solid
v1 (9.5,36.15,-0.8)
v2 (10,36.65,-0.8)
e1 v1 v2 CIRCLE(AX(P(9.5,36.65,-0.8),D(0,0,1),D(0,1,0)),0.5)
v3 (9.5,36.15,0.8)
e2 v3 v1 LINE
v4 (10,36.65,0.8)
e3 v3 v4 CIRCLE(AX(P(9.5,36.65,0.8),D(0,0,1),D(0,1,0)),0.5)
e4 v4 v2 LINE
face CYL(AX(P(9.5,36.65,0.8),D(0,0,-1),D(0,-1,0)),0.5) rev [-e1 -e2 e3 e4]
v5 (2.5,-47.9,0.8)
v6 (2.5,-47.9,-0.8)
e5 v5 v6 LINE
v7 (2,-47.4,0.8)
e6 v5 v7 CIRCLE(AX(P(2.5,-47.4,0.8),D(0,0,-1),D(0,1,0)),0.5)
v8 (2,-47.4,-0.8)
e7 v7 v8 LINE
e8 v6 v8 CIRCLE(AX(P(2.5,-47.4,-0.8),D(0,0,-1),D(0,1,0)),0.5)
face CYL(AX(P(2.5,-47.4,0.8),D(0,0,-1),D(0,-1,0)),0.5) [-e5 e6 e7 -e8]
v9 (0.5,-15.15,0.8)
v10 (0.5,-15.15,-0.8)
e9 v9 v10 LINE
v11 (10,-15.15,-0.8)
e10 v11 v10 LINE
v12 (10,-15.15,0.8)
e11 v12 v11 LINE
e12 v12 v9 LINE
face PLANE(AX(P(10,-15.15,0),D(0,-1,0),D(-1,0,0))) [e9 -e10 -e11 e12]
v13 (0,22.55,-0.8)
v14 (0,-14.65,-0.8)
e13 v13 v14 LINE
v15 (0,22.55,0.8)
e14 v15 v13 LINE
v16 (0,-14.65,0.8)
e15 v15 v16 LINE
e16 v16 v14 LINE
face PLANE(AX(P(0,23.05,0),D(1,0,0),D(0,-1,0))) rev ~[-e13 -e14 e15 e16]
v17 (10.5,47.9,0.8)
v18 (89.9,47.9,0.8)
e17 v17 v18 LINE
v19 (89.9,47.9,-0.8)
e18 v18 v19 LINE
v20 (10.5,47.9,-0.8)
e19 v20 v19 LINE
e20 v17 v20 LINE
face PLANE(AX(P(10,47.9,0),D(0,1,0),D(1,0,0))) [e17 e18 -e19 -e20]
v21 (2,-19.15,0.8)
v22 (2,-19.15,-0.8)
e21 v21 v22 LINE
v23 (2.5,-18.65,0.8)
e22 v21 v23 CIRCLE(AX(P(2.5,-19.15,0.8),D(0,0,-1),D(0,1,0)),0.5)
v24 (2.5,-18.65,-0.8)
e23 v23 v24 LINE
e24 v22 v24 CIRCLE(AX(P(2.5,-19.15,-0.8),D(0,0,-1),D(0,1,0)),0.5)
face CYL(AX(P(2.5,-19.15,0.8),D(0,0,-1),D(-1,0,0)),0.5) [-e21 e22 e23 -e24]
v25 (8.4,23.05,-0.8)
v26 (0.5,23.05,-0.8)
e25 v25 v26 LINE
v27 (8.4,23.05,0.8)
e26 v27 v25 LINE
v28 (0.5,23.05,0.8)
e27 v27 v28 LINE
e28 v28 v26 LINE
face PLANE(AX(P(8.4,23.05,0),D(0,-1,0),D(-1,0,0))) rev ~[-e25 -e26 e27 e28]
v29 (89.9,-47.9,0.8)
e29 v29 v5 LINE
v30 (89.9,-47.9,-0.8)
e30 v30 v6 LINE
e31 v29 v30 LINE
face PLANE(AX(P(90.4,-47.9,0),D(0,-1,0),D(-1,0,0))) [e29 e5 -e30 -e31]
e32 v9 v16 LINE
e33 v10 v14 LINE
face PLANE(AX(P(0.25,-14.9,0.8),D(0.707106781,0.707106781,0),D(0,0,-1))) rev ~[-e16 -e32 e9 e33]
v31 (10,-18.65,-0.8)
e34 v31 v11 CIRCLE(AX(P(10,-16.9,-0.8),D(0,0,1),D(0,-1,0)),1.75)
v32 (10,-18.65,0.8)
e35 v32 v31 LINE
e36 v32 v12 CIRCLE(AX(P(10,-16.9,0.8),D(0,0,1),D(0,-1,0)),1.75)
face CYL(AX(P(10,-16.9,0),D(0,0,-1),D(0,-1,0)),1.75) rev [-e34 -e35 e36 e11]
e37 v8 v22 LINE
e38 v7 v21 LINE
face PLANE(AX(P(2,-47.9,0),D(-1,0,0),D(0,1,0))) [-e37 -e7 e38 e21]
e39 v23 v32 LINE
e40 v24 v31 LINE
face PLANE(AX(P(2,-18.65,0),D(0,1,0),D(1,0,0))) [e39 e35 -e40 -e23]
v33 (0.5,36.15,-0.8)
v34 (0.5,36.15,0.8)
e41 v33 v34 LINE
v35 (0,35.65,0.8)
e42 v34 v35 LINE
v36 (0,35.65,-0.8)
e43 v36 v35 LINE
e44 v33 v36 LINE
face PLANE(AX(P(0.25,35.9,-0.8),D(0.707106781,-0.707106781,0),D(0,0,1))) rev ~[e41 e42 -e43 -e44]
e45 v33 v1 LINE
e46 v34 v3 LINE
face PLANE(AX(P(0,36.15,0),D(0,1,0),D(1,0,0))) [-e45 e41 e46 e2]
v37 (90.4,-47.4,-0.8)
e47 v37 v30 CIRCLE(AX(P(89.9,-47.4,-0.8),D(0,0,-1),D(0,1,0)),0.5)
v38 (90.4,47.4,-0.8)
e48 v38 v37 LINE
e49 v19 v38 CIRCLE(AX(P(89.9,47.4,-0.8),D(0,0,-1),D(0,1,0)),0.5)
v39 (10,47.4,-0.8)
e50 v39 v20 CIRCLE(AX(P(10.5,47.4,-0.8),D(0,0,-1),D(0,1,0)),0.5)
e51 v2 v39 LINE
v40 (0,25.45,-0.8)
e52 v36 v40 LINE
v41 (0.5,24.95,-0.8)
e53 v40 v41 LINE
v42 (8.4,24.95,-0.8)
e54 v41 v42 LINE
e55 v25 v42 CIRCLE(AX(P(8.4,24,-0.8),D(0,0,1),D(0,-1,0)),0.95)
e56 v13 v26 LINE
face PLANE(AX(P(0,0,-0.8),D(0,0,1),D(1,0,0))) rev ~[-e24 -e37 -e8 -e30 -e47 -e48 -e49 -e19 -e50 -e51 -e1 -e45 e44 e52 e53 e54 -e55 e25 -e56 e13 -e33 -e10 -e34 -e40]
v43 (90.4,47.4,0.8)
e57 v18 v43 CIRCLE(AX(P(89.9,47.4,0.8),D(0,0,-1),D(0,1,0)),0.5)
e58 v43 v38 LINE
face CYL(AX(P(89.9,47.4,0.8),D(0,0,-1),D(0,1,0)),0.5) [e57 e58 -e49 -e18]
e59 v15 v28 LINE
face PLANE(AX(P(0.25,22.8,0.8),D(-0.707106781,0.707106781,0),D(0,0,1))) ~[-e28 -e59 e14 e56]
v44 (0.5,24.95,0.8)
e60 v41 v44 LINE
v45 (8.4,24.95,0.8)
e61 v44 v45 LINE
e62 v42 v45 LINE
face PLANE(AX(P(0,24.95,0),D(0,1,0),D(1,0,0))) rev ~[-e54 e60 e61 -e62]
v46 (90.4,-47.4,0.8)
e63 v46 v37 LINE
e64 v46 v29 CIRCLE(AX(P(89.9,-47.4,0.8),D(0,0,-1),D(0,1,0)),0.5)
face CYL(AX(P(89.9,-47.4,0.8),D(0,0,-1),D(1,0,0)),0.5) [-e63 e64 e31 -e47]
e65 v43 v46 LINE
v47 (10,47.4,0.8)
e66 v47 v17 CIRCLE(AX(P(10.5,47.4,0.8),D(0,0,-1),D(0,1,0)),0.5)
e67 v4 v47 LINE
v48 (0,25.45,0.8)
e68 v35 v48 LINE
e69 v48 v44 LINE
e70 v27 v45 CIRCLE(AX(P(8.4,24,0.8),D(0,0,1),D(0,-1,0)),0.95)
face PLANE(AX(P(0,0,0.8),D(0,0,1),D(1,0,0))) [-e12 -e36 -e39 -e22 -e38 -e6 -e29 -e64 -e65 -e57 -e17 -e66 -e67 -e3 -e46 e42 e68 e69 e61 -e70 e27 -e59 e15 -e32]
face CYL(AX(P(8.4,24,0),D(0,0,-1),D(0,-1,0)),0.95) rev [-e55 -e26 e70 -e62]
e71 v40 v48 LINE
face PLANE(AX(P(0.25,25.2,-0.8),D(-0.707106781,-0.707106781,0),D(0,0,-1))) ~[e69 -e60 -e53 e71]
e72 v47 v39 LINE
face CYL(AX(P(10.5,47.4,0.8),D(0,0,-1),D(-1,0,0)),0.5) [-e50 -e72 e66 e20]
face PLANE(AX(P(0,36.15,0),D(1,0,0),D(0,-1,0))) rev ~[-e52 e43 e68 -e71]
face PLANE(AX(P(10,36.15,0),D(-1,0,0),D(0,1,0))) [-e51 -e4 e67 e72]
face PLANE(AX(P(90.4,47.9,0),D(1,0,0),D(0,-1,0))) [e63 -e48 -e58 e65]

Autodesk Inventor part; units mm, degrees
ref_plane "YZ Plane" through (0, 0, 0) normal (1, 0, 0) x (0, 1, 0)
ref_plane "XZ Plane" through (0, 0, 0) normal (0, 1, 0) x (-1, 0, 0)
ref_plane "XY Plane" through (0, 0, 0) normal (0, 0, 1) x (1, 0, 0)
sketch "Sketch1" plane through (0, 0, 0) normal (0, 0, 1) x (1, 0, 0)
  line L0 (0, 36.15) -> (10, 36.15)
  line L1 (10, 36.15) -> (10, 47.9)
  line L2 (10, 47.9) -> (90.4, 47.9)
  line L3 (90.4, 47.9) -> (90.4, -47.9)
  line L4 (90.4, -47.9) -> (2, -47.9)
  line L5 (10, -15.15) -> (0, -15.15)
  line L6 (-5.5, 48) -> (90.5, 48) construction
  line L7 (90.5, 48) -> (90.5, -48) construction
  line L8 (90.5, -48) -> (-5.5, -48) construction
  line L9 (-5.5, -48) -> (-5.5, 48) construction
  line L10 (-5.4, 47.9) -> (-3.4, 47.9) construction
  line L11 (-3.4, 47.9) -> (-3.4, -47.9) construction
  line L12 (-3.4, -47.9) -> (-5.4, -47.9) construction
  line L13 (-5.4, -47.9) -> (-5.4, 47.9) construction
  line L14 (-3.4, 38.5) -> (7.85, 38.5) construction
  line L15 (7.85, 38.5) -> (7.85, -17.5) construction
  line L16 (7.85, -17.5) -> (-3.4, -17.5) construction
  line L17 (-3.4, -17.5) -> (-3.4, 38.5) construction
  line L18 (2, -47.9) -> (2, -18.65)
  line L19 (2, -18.65) -> (10, -18.65)
  arc A0 (10, -18.65) -> (10, -15.15) centre (10, -16.9) ccw
  line L20 (0, 24) -> (90.5, 24) construction
  circle A1 centre (-2.5, 47.1) radius 0.9 construction
  circle A2 centre (-0.7, 47.1) radius 0.9 construction
  circle A3 centre (1.1, 47.1) radius 0.9 construction
  circle A4 centre (2.9, 47.1) radius 0.9 construction
  circle A5 centre (4.7, 47.1) radius 0.9 construction
  circle A6 centre (6.5, 47.1) radius 0.9 construction
  circle A7 centre (8.3, 47.1) radius 0.9 construction
  circle A8 centre (-2.5, 45.3) radius 0.9 construction
  circle A9 centre (-0.7, 45.3) radius 0.9 construction
  circle A10 centre (1.1, 45.3) radius 0.9 construction
  circle A11 centre (2.9, 45.3) radius 0.9 construction
  circle A12 centre (4.7, 45.3) radius 0.9 construction
  circle A13 centre (6.5, 45.3) radius 0.9 construction
  circle A14 centre (8.3, 45.3) radius 0.9 construction
  circle A15 centre (-2.5, 43.5) radius 0.9 construction
  circle A16 centre (-0.7, 43.5) radius 0.9 construction
  circle A17 centre (1.1, 43.5) radius 0.9 construction
  circle A18 centre (2.9, 43.5) radius 0.9 construction
  circle A19 centre (4.7, 43.5) radius 0.9 construction
  circle A20 centre (6.5, 43.5) radius 0.9 construction
  circle A21 centre (8.3, 43.5) radius 0.9 construction
  circle A22 centre (-2.5, 41.7) radius 0.9 construction
  circle A23 centre (-0.7, 41.7) radius 0.9 construction
  circle A24 centre (1.1, 41.7) radius 0.9 construction
  circle A25 centre (2.9, 41.7) radius 0.9 construction
  circle A26 centre (4.7, 41.7) radius 0.9 construction
  circle A27 centre (6.5, 41.7) radius 0.9 construction
  circle A28 centre (8.3, 41.7) radius 0.9 construction
  circle A29 centre (-2.5, 39.9) radius 0.9 construction
  circle A30 centre (-0.7, 39.9) radius 0.9 construction
  circle A31 centre (1.1, 39.9) radius 0.9 construction
  circle A32 centre (2.9, 39.9) radius 0.9 construction
  circle A33 centre (4.7, 39.9) radius 0.9 construction
  circle A34 centre (6.5, 39.9) radius 0.9 construction
  circle A35 centre (8.3, 39.9) radius 0.9 construction
  line L21 (0, 36.15) -> (0, 24.95)
  line L22 (0, 24.95) -> (8.4, 24.95)
  arc A36 (8.4, 23.05) -> (8.4, 24.95) centre (8.4, 24) ccw
  line L23 (8.4, 23.05) -> (0, 23.05)
  line L24 (0, 23.05) -> (0, -15.15)
  point P0 (0, 0)
  point P1 (-5.5, 0)
  point P2 (90.4, 0)
  point P3 (90.5, 0)
  dimension "d0" = 51.3
  dimension "d1" = 95.8
  dimension "d3" = 10
  dimension "d20" = 96
  dimension "d21" = 96
  dimension "d22" = 0.1
  dimension "d23" = 0.1
  dimension "d24" = 2
  dimension "d25" = 0.1
  dimension "d28" = 11.25
  dimension "d29" = 56
  dimension "d31" = 9.5
  dimension "d32" = 30.5
  dimension "d34" = 3.5
  dimension "d35" = 12.15
  dimension "d36" = 39.15
  dimension "d37" = 14.5
  dimension "d38" = 1.15
  dimension "d39" = 1.8
  dimension "d42" = 1.8
  dimension "d45" = 1.8
  dimension "d48" = 2
  dimension "d49" = 3.4
  dimension "d50" = 1.9
  dimension "d51" = 8.4
  dimension "d52" = 24
extrude "Extrusion1" add sketch "Sketch1" along normal mid plane 1.6
chamfer "Chamfer1" distance 0.5 angle 45 4 edges at (0, 36.15, 0) (0, 24.95, 0) (0, 23.05, 0) (0, -15.15, 0)
fillet "Fillet1" radius 0.5 6 edges at (10, 36.15, 0) (10, 47.9, 0) (90.4, 47.9, 0) (90.4, -47.9, 0) (2, -47.9, 0) (2, -18.65, 0)
equation "\"d23\" = d22"
equation "\"d25\" = d22"
equation "\"d42\" = d39"
equation "\"d45\" = d39"
properties part number "CardStandard" material "Epoxy Resin"
